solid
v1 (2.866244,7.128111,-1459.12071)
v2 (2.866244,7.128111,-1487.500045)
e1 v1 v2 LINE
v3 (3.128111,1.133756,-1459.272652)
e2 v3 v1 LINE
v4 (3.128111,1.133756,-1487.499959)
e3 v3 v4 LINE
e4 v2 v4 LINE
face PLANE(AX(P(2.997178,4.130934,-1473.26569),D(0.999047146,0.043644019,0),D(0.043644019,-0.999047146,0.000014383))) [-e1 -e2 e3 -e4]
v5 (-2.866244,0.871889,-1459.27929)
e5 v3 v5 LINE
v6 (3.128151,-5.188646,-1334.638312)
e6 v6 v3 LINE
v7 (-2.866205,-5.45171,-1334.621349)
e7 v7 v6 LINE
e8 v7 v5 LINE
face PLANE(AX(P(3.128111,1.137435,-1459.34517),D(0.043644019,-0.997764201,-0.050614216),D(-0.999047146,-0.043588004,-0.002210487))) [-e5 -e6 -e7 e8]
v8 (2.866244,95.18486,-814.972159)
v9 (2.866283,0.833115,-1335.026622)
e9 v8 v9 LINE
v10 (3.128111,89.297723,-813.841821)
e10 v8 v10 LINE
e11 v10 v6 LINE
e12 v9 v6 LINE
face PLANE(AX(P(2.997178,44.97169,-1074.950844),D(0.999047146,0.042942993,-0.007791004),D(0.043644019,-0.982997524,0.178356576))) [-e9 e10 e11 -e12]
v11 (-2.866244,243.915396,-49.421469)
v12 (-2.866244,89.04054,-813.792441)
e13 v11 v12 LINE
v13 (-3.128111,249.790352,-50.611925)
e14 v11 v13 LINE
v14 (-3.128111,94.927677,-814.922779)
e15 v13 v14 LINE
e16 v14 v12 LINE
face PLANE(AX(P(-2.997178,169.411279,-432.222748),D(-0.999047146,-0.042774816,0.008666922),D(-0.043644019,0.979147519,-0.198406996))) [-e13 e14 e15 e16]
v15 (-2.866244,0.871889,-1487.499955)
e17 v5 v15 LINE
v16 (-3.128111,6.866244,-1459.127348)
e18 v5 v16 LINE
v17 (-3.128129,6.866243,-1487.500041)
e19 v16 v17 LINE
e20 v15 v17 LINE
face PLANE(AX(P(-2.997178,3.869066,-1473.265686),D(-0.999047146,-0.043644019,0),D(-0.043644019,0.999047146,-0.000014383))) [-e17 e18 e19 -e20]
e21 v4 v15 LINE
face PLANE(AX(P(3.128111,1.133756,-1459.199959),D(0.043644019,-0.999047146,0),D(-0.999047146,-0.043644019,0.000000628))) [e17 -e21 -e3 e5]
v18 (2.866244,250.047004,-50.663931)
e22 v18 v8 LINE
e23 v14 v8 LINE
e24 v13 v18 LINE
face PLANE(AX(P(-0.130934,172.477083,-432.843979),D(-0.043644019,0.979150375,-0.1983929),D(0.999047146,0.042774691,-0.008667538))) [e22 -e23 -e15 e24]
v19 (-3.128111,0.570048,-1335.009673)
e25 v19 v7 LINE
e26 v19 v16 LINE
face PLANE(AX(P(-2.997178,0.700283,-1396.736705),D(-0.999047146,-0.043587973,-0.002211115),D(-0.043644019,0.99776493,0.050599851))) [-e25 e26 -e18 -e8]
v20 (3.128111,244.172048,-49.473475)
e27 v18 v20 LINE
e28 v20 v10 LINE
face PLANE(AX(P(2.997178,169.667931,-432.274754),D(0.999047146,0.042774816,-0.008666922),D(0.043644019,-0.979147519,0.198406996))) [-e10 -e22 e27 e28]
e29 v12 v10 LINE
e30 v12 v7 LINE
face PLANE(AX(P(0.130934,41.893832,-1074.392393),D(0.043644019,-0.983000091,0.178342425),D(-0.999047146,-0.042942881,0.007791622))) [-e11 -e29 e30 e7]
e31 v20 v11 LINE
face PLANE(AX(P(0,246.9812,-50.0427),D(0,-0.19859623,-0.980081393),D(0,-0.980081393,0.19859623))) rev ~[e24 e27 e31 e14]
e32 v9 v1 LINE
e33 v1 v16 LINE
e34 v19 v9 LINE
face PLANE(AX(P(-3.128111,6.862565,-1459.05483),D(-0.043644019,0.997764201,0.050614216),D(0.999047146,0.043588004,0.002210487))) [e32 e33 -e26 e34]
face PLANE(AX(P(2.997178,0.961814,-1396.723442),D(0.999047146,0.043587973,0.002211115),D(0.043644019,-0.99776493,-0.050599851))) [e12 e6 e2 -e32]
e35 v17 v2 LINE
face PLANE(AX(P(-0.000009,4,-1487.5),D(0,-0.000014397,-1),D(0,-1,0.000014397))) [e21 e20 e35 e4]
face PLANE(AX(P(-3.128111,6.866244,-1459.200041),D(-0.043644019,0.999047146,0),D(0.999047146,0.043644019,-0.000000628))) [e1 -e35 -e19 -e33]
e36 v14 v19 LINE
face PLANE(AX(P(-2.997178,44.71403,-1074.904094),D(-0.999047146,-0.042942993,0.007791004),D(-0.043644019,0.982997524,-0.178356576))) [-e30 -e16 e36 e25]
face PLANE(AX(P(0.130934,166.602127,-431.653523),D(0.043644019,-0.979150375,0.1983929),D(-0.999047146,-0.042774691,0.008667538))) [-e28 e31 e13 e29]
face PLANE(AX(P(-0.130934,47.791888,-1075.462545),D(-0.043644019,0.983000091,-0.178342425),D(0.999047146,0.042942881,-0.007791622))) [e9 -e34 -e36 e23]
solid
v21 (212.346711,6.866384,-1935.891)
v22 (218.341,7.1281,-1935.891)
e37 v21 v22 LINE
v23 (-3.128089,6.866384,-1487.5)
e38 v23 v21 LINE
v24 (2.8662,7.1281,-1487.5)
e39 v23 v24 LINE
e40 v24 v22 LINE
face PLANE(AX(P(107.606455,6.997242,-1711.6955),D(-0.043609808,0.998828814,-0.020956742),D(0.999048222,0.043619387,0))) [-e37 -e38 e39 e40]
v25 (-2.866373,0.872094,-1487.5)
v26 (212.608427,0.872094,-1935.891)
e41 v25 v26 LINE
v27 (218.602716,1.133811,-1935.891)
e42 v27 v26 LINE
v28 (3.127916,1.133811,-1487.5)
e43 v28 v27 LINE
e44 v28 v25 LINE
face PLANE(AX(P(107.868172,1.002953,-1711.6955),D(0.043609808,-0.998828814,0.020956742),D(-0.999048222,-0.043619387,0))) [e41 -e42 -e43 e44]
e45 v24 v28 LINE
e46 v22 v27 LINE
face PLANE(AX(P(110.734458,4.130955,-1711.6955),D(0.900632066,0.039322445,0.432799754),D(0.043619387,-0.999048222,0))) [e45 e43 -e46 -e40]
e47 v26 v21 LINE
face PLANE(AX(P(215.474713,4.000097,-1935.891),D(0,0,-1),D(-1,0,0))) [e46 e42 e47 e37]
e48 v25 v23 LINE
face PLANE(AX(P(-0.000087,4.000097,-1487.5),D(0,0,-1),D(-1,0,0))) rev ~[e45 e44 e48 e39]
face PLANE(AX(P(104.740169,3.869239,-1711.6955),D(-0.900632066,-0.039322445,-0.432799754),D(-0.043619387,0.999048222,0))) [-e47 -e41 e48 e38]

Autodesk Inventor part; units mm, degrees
ref_plane "YZ Plane" through (0, 0, 0) normal (1, 0, 0) x (0, 1, 0)
ref_plane "XZ Plane" through (0, 0, 0) normal (0, 1, 0) x (-1, 0, 0)
ref_plane "XY Plane" through (0, 0, 0) normal (0, 0, 1) x (1, 0, 0)
ref_plane "Work Plane1" through (0, 246.9812, -50.0427) normal (0, -0.1986, -0.9801) x (0.3752, -0.9085, 0.1841)
sketch "Sketch2" plane through (0, 246.9812, -50.0427) normal (0, -0.1986, -0.9801) x (0.3752, -0.9085, 0.1841)
  line L0 (1.8242, 3.8305) -> (-3.8305, 1.8242)
  line L1 (-3.8305, 1.8242) -> (-1.8242, -3.8305)
  line L2 (-1.8242, -3.8305) -> (3.8305, -1.8242)
  line L3 (3.8305, -1.8242) -> (1.8242, 3.8305)
  line L4 (-3.8305, 1.8242) -> (3.8305, -1.8242) construction
  point P0 (233.5906, 94.5486)
  point P1 (0, 0)
  point P2 (0, 0)
  dimension "d7" = 6
  dimension "d9" = 6
sketch "Sketch1" plane through (0, 0, 0) normal (1, 0, 0) x (0, 1, 0)
  circle A0 centre (0, 0) radius 249 construction
  circle A1 centre (0, 0) radius 252 construction
  circle A2 centre (107.5, -817.5) radius 12.7 construction
  circle A3 centre (107.5, -817.5) radius 14.5 construction
  circle A4 centre (74.5, -817.5) radius 14.5 construction
  circle A5 centre (74.5, -817.5) radius 12.7 construction
  circle A6 centre (40, -1342.5) radius 40 construction
  line L0 (7.5, -1515.8) -> (7.5, -1459.2) construction
  line L1 (0.5, -1515.8) -> (0.5, -1459.2) construction
  circle A7 centre (40, -1342.5) radius 43 construction
  line L2 (7.5, -1459.2) -> (0.5, -1459.2) construction
  line L3 (7.5, -1487.5) -> (0.5, -1487.5) construction
  line L4 (4, -1459.2) -> (4, -1487.5)
  line L5 (4, -1459.2) -> (-2.3093, -1334.824)
  circle A8 centre (107.5, -817.5) radius 15.7 construction
  line L6 (246.9812, -50.0427) -> (92.1127, -814.3823)
  line L7 (92.1127, -814.3823) -> (-2.3093, -1334.824)
sweep "Sweep1" add profiles "Sketch2" path "Sketch1"
ref_plane "Work Plane2" through (0.425, 4.5, -1487.5) normal (0, -1, 0) x (1, 0, 0)
sketch "Sketch3" plane through (2.8662, 4.5, -1459.1207) normal (0, 1, 0) x (1, 0, 0)
  line L0 (-5.9943, 0.0066) -> (0, 0) projected
  line L1 (0, 0) -> (0, 28.3793) projected
  line L2 (-5.9943, 28.3793) -> (0, 28.3793) projected
  line L3 (-5.9943, 0.0066) -> (-5.9943, 28.3793) projected
  line L4 (-405.574, 755.2769) -> (-292.3211, 735.3073) projected
  line L5 (0.2618, 0.1519) -> (-5.7324, 0.1586) projected
  line L6 (-2.7353, 0.1553) -> (-2.7353, 774.7681) construction
  line L7 (-2.7353, 0.1553) -> (771.8776, 0.1553) construction
  line L8 (0, 28.3793) -> (-5.9943, 28.3793) projected
  line L9 (-2.7353, 28.3793) -> (212.7395, 476.7703)
  arc A0 (-512.9326, 851.3967) -> (-442.0119, 761.7018) centre (-427.0782, 846.3953) ccw projected
  point P0 (-2.8662, -1459.1207)
  dimension "d12" = 90
  dimension "d13" = 260
  dimension "d14" = 25.667
  dimension "LengthExtension" = 497.4775
sketch "Sketch4" plane through (2.8662, 7.1281, -1487.5) normal (0, 0, -1) x (-0.999, -0.0436, 0)
  line L0 (-0.8742, 0.3341) -> (-50.8266, -1.8479) projected
  line L1 (6, 0) -> (0, 0) projected
  line L2 (0, 0) -> (0, -6) projected
  line L3 (0, -6) -> (6, -6) projected
  line L4 (6, -6) -> (6, 0) projected
  point P0 (3.1746, -6.9962)
sweep "Sweep2" add profiles "Sketch4" path "Sketch3" separate body path curves L9
equation "\"LengthExtension\" = d16"
equation "\"d16\" = 497.477531"
properties part number "1240x_Wire Depiction_V1" material "Copper"
